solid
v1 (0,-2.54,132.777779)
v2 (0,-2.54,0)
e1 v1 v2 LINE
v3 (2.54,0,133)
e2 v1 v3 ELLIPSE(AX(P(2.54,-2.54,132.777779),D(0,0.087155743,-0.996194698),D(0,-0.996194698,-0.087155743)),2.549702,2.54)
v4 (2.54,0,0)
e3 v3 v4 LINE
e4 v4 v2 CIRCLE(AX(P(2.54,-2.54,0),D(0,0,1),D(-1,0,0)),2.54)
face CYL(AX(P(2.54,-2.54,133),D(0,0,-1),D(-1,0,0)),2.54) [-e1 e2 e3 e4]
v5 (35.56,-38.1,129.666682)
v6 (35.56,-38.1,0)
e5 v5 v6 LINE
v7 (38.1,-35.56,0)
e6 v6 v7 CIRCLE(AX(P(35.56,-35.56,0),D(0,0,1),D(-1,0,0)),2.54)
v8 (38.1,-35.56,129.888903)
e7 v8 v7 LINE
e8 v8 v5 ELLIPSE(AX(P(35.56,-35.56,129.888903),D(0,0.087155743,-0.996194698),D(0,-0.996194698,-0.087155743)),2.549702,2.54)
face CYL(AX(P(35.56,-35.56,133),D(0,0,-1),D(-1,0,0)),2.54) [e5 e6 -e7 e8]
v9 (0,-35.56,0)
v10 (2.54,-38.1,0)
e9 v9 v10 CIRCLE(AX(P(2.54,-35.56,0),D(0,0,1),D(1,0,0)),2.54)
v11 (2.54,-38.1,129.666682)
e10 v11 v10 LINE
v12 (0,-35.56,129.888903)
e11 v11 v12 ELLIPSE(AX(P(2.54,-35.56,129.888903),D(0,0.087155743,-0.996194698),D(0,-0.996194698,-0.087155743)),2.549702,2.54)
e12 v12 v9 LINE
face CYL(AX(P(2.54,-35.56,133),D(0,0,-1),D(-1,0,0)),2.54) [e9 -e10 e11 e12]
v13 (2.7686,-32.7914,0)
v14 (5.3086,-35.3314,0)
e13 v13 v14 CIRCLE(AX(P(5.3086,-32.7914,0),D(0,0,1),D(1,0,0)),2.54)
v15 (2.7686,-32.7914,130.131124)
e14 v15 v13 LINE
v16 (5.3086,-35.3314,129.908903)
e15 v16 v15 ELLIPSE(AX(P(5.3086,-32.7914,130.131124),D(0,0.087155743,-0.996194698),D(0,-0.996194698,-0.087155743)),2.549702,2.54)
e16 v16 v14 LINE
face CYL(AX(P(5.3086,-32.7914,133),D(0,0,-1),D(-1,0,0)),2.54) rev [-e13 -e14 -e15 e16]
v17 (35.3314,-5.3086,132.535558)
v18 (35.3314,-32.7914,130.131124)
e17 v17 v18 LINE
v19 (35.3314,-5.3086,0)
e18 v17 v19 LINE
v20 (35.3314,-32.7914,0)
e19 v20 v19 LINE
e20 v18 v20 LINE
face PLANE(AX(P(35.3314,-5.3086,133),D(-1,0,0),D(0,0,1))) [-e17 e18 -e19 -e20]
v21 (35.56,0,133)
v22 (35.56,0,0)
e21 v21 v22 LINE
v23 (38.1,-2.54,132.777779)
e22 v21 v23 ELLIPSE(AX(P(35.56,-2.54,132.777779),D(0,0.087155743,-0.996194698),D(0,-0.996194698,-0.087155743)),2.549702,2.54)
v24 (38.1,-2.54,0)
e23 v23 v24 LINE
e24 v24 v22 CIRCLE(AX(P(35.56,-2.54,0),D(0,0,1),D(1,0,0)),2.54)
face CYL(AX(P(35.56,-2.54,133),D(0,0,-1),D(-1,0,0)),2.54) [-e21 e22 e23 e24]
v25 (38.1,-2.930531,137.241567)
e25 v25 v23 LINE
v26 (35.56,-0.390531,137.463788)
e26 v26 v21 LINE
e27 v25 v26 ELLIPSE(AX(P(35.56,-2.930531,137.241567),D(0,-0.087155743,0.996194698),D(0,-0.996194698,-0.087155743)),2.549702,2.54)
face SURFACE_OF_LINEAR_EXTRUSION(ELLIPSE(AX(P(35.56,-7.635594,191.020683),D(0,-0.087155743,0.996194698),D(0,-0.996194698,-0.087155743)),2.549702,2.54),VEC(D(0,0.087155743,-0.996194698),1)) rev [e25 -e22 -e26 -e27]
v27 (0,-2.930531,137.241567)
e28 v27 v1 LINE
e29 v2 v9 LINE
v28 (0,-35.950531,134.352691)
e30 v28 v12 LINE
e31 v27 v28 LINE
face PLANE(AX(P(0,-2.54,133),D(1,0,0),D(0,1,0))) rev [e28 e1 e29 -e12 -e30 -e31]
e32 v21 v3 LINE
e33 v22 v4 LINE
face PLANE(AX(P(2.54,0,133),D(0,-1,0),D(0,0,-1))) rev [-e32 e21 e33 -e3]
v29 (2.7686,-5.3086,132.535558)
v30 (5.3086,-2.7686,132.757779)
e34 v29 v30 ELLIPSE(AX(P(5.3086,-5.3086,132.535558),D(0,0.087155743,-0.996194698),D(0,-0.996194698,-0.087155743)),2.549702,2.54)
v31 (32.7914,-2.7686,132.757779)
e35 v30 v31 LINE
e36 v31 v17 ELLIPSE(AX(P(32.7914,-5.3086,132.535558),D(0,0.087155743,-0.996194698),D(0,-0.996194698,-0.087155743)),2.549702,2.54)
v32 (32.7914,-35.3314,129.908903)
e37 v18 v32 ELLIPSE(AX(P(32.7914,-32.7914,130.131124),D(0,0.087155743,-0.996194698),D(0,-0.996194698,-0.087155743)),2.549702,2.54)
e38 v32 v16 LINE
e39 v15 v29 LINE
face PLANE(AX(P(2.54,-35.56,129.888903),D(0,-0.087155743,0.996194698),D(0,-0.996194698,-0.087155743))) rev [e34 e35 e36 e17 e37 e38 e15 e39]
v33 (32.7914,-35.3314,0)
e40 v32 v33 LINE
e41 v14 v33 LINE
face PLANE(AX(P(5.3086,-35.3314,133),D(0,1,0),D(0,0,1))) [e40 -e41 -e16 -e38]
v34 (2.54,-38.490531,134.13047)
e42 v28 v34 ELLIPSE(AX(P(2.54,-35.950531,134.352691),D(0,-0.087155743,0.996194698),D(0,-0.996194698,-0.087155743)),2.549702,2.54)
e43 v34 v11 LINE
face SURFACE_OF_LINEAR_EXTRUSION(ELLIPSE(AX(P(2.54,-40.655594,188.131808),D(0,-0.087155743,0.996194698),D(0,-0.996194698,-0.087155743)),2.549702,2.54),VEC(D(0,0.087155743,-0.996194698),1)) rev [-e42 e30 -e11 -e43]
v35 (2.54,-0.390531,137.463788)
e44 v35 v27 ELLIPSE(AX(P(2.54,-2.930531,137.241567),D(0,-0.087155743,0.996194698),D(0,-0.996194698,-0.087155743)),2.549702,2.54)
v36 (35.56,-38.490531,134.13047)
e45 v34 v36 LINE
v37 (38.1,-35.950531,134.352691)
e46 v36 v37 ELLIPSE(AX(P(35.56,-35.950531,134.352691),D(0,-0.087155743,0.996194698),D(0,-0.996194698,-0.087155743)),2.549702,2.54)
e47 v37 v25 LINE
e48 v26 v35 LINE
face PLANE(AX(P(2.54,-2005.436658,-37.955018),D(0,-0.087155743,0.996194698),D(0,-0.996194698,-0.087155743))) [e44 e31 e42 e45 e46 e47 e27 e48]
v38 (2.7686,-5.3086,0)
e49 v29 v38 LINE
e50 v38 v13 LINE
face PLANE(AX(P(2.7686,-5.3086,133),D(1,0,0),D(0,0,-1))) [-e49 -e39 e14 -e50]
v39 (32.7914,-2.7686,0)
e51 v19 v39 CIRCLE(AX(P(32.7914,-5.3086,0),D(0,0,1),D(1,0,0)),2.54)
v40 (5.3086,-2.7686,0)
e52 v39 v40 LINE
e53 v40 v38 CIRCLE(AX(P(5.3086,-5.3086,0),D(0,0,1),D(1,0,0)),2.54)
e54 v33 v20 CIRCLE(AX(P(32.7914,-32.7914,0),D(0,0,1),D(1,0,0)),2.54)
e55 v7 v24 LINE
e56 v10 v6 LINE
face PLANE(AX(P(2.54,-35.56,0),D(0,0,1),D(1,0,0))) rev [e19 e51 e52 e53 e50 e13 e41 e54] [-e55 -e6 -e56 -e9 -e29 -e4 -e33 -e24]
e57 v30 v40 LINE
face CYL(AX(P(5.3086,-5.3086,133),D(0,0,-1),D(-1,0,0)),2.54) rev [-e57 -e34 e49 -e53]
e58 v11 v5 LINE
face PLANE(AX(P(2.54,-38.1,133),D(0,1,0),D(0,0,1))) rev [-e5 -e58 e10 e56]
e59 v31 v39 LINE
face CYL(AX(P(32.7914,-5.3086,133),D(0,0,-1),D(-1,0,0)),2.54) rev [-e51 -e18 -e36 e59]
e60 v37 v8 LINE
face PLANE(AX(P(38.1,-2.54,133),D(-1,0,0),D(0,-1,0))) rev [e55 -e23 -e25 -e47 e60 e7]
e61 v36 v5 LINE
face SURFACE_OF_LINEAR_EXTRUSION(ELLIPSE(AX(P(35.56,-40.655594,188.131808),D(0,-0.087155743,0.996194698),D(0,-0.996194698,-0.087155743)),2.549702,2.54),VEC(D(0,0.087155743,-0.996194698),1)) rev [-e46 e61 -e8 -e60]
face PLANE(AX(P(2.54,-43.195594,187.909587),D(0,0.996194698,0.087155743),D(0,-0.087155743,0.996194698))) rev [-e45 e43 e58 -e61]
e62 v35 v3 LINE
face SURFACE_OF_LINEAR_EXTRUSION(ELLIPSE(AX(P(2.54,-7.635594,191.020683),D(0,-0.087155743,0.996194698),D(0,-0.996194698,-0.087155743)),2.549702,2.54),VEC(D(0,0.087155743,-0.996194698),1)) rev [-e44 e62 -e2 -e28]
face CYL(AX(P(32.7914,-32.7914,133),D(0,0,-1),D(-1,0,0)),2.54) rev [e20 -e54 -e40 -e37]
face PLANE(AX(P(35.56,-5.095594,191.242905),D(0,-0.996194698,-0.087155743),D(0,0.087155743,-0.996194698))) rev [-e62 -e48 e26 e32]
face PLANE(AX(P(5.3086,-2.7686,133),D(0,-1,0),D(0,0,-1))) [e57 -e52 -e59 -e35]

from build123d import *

# Parameters (mm, degrees)
BOSS_EXTRUDE1_DEPTH = 133
CUT_EXTRUDE1_DEPTH  = 144.49989547
BOSS_EXTRUDE2_DEPTH = 4.480838922


with BuildPart() as part:
    # Sketch1 → Boss-Extrude1 (new body)
    with BuildSketch(Plane.XY):
        with BuildLine():
            Line((2.54, 0), (35.56, 0))
            ThreePointArc((35.56, 0), (37.356051224, -0.743948776), (38.1, -2.54))
            Line((38.1, -2.54), (38.1, -35.56))
            ThreePointArc((38.1, -35.56), (37.356051224, -37.356051224), (35.56, -38.1))
            Line((35.56, -38.1), (2.54, -38.1))
            ThreePointArc((2.54, -38.1), (0.743948776, -37.356051224), (0, -35.56))
            Line((0, -35.56), (0, -2.54))
            ThreePointArc((0, -2.54), (0.743948776, -0.743948776), (2.54, 0))
        make_face()
        with BuildLine():
            Line((5.3086, -2.7686), (32.7914, -2.7686))
            ThreePointArc((32.7914, -2.7686), (34.587451224, -3.512548776), (35.3314, -5.3086))
            Line((35.3314, -5.3086), (35.3314, -32.7914))
            ThreePointArc((35.3314, -32.7914), (34.587451224, -34.587451224), (32.7914, -35.3314))
            Line((32.7914, -35.3314), (5.3086, -35.3314))
            ThreePointArc((5.3086, -35.3314), (3.512548776, -34.587451224), (2.7686, -32.7914))
            Line((2.7686, -32.7914), (2.7686, -5.3086))
            ThreePointArc((2.7686, -5.3086), (3.512548776, -3.512548776), (5.3086, -2.7686))
        make_face(mode=Mode.SUBTRACT)
    extrude(amount=BOSS_EXTRUDE1_DEPTH)

    # Sketch2 → Cut-Extrude1 (cut, through all)
    with BuildSketch(Plane(origin=(38.1, 0, 0), x_dir=(0, 0, -1), z_dir=(1, 0, 0))):
        Polygon((-133, 0), (-129.66668192, -38.1), (-133, -38.1), align=None)
    extrude(amount=-CUT_EXTRUDE1_DEPTH, mode=Mode.SUBTRACT)

    # Sketch3 → Boss-Extrude2 (add)
    with BuildSketch(Plane(origin=(0, -11.547603815, 131.989715575), x_dir=(1, 0, 0), z_dir=(0, -0.08715574274765185, 0.9961946980917462))):
        with BuildLine():
            Line((2.54, -26.653822025), (35.56, -26.653822025))
            add(Edge.make_bspline(
                [(35.56, -26.653822025), (38.1, -26.653822025), (38.1, -24.104119638)],
                knots=[0, 0, 0, 1.570796327, 1.570796327, 1.570796327], degree=2, weights=[1, 0.707106781, 1]))
            Line((38.1, -24.104119638), (38.1, 9.042011398))
            add(Edge.make_bspline(
                [(38.1, 9.042011398), (38.1, 11.591713785), (35.56, 11.591713785)],
                knots=[1.570796327, 1.570796327, 1.570796327, 3.141592654, 3.141592654, 3.141592654], degree=2, weights=[1, 0.707106781, 1]))
            Line((35.56, 11.591713785), (2.54, 11.591713785))
            add(Edge.make_bspline(
                [(2.54, 11.591713785), (0, 11.591713785), (0, 9.042011398)],
                knots=[0, 0, 0, 1.570796327, 1.570796327, 1.570796327], degree=2, weights=[1, 0.707106781, 1]))
            Line((0, 9.042011398), (0, -24.104119638))
            add(Edge.make_bspline(
                [(0, -24.104119638), (0, -26.653822025), (2.54, -26.653822025)],
                knots=[4.71238898, 4.71238898, 4.71238898, 6.283185307, 6.283185307, 6.283185307], degree=2, weights=[1, 0.707106781, 1]))
        make_face()
    extrude(amount=BOSS_EXTRUDE2_DEPTH)


solid = part.part
